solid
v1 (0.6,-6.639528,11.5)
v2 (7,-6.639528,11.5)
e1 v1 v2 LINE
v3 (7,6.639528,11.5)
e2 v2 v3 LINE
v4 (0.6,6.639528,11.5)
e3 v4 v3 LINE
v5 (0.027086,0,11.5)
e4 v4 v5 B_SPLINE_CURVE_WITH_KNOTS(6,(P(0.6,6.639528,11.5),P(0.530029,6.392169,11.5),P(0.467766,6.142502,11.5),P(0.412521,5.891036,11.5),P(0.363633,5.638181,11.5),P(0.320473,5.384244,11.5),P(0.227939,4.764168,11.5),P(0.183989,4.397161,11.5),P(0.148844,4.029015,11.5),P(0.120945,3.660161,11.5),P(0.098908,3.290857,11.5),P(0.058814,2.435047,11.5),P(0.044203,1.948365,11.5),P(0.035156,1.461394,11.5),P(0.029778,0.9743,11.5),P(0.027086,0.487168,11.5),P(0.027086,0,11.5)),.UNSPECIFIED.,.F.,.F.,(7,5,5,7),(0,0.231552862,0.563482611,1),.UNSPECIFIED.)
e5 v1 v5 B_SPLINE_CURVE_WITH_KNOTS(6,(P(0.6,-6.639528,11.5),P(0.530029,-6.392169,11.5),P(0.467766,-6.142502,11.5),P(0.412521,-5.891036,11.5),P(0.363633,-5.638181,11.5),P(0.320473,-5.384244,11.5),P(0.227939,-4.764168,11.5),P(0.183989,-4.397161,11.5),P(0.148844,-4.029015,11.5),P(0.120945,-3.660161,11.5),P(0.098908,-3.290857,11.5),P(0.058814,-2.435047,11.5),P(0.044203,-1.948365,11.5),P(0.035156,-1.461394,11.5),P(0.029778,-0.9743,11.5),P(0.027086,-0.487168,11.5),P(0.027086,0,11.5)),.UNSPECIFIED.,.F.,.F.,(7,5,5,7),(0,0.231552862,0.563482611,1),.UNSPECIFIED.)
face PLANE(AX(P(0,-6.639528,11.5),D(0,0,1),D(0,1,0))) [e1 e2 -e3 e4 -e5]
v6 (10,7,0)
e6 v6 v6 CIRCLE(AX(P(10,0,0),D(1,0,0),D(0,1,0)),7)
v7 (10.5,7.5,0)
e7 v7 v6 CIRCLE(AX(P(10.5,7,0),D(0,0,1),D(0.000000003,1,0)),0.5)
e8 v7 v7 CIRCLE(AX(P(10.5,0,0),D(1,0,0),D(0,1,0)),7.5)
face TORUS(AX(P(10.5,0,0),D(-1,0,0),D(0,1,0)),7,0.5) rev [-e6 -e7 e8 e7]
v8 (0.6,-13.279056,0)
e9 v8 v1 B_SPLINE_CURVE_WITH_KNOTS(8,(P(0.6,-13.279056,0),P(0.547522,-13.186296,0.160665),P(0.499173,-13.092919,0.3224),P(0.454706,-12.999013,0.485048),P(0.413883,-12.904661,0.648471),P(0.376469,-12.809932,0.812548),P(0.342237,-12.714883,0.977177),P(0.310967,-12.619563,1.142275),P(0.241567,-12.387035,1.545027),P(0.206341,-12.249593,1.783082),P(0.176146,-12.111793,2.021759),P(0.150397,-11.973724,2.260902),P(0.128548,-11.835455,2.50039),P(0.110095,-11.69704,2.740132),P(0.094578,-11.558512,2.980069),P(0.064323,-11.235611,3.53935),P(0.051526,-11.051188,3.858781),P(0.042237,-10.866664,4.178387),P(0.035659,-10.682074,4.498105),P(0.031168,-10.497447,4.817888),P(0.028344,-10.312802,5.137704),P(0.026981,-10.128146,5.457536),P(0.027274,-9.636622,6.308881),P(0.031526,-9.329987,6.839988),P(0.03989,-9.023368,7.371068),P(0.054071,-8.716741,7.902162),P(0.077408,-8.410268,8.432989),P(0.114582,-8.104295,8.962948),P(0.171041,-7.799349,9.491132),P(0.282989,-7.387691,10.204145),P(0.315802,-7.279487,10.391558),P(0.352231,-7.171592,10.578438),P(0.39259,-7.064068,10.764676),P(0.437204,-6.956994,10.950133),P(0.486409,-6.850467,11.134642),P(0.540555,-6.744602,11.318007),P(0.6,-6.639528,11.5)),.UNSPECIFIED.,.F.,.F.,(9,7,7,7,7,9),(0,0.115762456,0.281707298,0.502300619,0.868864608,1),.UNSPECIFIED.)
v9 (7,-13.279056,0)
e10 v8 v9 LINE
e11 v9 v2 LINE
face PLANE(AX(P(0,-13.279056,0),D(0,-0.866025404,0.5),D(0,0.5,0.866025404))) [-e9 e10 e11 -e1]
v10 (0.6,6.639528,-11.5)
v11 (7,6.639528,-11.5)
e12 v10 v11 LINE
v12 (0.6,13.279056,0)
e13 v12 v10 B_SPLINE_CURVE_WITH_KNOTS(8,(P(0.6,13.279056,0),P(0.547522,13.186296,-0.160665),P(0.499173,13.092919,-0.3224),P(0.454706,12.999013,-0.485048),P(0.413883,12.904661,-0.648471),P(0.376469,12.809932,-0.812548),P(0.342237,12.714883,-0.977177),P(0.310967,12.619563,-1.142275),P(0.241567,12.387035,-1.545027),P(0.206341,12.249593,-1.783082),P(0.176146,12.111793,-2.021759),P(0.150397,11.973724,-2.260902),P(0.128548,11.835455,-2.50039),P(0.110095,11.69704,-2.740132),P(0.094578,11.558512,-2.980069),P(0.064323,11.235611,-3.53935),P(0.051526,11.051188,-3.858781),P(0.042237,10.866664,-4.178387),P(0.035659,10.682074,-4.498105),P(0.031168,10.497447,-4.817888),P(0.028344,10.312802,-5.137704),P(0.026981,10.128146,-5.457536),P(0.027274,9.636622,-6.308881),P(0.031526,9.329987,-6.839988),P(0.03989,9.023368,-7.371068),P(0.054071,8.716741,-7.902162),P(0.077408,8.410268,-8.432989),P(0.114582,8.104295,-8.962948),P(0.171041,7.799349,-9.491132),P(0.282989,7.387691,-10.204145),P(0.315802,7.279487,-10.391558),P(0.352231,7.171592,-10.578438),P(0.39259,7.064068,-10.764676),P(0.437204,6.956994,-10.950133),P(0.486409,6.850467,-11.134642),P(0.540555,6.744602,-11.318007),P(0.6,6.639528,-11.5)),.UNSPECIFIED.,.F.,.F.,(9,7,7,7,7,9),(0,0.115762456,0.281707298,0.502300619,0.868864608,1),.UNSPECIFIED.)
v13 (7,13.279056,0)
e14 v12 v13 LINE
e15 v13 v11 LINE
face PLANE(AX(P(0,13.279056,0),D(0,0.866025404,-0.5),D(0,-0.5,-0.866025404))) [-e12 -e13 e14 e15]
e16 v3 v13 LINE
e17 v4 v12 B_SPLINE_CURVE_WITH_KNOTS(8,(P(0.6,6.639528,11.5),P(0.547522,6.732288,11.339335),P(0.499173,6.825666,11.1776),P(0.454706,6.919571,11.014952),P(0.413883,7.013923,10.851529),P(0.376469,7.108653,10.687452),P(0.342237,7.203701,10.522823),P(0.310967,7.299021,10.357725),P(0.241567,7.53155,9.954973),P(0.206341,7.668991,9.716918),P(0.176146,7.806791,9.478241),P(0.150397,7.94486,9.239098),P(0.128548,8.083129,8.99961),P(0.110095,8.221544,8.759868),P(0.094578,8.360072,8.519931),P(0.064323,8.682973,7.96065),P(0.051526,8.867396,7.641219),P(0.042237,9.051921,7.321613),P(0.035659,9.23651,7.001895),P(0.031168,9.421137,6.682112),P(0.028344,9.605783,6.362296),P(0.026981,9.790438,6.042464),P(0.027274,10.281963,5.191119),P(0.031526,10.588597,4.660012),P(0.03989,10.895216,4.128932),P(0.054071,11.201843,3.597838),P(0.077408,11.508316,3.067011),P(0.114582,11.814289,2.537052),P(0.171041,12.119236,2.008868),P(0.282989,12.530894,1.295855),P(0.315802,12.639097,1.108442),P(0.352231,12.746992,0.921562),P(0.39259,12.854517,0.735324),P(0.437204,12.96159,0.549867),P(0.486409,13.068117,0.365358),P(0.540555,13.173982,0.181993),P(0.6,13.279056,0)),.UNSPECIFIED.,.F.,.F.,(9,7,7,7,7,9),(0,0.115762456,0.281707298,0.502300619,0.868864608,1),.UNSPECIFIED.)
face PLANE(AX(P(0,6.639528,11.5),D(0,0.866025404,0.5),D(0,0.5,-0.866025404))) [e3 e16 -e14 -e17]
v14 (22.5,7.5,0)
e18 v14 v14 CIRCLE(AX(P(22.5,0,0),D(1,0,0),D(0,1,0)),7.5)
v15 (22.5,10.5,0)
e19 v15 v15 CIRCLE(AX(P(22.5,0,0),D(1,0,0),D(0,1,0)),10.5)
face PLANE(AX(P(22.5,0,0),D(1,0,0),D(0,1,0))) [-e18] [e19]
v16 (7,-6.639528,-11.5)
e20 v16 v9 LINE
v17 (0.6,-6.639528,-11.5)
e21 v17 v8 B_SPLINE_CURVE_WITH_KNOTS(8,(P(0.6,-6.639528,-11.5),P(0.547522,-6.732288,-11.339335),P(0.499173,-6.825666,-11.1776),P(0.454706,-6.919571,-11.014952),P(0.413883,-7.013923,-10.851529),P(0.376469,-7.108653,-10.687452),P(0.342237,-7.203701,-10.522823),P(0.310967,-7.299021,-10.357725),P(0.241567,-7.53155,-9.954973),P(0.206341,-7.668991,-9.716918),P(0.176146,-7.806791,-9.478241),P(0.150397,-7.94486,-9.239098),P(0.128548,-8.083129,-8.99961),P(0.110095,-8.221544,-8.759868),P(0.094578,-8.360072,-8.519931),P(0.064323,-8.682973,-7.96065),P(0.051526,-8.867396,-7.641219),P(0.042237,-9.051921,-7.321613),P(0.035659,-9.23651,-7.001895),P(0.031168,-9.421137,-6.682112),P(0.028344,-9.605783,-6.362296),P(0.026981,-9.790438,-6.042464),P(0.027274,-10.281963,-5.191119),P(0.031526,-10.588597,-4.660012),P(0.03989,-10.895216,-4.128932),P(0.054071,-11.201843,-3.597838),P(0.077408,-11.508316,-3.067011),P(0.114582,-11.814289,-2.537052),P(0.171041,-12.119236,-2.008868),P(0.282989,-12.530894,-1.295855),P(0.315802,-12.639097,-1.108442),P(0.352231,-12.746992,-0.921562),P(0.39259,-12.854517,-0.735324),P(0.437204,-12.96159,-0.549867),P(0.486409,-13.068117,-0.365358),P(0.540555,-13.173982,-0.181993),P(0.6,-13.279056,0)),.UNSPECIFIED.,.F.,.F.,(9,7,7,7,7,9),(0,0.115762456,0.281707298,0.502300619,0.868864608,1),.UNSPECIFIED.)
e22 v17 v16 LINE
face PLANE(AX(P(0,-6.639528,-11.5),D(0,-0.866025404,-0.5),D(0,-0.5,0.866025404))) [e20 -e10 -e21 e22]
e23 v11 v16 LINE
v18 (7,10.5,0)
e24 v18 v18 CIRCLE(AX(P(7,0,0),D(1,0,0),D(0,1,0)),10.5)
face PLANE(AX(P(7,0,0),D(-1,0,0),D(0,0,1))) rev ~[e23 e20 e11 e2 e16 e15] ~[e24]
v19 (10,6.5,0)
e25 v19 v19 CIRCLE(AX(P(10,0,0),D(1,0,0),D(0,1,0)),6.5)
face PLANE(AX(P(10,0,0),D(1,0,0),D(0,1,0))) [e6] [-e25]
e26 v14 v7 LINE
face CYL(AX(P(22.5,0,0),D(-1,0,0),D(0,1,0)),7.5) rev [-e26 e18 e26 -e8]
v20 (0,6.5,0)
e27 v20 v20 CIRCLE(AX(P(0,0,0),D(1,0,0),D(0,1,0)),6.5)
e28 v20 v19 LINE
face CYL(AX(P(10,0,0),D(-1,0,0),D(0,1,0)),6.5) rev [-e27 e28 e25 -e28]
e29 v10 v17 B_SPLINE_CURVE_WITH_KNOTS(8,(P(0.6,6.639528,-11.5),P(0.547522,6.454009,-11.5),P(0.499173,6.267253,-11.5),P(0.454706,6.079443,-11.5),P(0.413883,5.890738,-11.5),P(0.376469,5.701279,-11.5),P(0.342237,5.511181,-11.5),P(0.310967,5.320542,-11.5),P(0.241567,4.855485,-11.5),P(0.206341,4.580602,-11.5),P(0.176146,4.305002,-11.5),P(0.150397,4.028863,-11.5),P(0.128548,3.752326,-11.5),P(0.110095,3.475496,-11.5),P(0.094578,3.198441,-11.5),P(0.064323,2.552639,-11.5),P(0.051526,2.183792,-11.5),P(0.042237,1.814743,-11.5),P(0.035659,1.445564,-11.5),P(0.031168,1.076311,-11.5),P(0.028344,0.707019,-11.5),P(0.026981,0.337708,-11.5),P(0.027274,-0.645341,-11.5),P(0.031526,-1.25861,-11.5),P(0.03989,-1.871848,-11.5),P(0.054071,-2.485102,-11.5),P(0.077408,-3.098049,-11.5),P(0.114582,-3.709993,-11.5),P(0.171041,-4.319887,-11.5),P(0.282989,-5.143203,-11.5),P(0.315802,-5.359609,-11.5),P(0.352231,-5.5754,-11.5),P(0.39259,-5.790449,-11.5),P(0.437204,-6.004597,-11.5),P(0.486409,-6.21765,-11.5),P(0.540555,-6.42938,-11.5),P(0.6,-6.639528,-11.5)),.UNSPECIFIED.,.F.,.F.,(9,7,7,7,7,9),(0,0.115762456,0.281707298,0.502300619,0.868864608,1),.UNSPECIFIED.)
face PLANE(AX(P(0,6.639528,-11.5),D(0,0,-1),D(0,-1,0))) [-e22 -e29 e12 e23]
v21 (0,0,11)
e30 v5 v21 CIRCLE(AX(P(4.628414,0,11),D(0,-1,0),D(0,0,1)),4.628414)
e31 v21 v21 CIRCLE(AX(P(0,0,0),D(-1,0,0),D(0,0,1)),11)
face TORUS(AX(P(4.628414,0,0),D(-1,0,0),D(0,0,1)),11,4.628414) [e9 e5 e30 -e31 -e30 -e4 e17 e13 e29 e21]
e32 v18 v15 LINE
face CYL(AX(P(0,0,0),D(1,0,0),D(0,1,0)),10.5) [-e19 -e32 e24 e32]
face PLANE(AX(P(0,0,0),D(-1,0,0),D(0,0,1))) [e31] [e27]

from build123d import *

# Parameters (mm, degrees)
SKETCH2_R           = 6.5
BOSS_EXTRUDE1_DEPTH = 7


with BuildPart() as part:
    # Sketch1 → Revolve1 (revolve)
    with BuildSketch(Plane.XY):
        with BuildLine():
            Line((0, 6.5), (0, 10.5))
            Line((0, 10.5), (22.5, 10.5))
            Line((22.5, 10.5), (22.5, 7.5))
            Line((22.5, 7.5), (10.5, 7.5))
            ThreePointArc((10.5, 7.5), (10.146446609, 7.353553391), (10, 7))
            Line((10, 7), (10, 6.5))
            Line((10, 6.5), (0, 6.5))
        make_face()
    revolve(axis=Axis((0, 0, 0), (1, 0, 0)))

    # Sketch2 → Boss-Extrude1 (add)
    with BuildSketch(Plane.ZY):
        Polygon((0, 13.279056191), (-11.5, 6.639528096), (-11.5, -6.639528096), (0, -13.279056191), (11.5, -6.639528096), (11.5, 6.639528096), align=None)
        Circle(SKETCH2_R, mode=Mode.SUBTRACT)
    extrude(amount=-BOSS_EXTRUDE1_DEPTH)

    # Cut-Sweep1: sweep along a path in Sketch6
    with BuildLine(Plane.ZY) as cut_sweep1_path:
        CenterArc((0, 0), 11.5, 0, 360)
    # Sketch5 → Cut-Sweep1 (sweep, cut)
    with BuildSketch(Plane.XY):
        with BuildLine():
            Line((0.6, 13.279056191), (0, 13.279056191))
            Line((0, 13.279056191), (0, 11))
            ThreePointArc((0, 11), (0.152512755, 12.178356602), (0.6, 13.279056191))
        make_face()
    sweep(path=cut_sweep1_path.line, mode=Mode.SUBTRACT)


solid = part.part
